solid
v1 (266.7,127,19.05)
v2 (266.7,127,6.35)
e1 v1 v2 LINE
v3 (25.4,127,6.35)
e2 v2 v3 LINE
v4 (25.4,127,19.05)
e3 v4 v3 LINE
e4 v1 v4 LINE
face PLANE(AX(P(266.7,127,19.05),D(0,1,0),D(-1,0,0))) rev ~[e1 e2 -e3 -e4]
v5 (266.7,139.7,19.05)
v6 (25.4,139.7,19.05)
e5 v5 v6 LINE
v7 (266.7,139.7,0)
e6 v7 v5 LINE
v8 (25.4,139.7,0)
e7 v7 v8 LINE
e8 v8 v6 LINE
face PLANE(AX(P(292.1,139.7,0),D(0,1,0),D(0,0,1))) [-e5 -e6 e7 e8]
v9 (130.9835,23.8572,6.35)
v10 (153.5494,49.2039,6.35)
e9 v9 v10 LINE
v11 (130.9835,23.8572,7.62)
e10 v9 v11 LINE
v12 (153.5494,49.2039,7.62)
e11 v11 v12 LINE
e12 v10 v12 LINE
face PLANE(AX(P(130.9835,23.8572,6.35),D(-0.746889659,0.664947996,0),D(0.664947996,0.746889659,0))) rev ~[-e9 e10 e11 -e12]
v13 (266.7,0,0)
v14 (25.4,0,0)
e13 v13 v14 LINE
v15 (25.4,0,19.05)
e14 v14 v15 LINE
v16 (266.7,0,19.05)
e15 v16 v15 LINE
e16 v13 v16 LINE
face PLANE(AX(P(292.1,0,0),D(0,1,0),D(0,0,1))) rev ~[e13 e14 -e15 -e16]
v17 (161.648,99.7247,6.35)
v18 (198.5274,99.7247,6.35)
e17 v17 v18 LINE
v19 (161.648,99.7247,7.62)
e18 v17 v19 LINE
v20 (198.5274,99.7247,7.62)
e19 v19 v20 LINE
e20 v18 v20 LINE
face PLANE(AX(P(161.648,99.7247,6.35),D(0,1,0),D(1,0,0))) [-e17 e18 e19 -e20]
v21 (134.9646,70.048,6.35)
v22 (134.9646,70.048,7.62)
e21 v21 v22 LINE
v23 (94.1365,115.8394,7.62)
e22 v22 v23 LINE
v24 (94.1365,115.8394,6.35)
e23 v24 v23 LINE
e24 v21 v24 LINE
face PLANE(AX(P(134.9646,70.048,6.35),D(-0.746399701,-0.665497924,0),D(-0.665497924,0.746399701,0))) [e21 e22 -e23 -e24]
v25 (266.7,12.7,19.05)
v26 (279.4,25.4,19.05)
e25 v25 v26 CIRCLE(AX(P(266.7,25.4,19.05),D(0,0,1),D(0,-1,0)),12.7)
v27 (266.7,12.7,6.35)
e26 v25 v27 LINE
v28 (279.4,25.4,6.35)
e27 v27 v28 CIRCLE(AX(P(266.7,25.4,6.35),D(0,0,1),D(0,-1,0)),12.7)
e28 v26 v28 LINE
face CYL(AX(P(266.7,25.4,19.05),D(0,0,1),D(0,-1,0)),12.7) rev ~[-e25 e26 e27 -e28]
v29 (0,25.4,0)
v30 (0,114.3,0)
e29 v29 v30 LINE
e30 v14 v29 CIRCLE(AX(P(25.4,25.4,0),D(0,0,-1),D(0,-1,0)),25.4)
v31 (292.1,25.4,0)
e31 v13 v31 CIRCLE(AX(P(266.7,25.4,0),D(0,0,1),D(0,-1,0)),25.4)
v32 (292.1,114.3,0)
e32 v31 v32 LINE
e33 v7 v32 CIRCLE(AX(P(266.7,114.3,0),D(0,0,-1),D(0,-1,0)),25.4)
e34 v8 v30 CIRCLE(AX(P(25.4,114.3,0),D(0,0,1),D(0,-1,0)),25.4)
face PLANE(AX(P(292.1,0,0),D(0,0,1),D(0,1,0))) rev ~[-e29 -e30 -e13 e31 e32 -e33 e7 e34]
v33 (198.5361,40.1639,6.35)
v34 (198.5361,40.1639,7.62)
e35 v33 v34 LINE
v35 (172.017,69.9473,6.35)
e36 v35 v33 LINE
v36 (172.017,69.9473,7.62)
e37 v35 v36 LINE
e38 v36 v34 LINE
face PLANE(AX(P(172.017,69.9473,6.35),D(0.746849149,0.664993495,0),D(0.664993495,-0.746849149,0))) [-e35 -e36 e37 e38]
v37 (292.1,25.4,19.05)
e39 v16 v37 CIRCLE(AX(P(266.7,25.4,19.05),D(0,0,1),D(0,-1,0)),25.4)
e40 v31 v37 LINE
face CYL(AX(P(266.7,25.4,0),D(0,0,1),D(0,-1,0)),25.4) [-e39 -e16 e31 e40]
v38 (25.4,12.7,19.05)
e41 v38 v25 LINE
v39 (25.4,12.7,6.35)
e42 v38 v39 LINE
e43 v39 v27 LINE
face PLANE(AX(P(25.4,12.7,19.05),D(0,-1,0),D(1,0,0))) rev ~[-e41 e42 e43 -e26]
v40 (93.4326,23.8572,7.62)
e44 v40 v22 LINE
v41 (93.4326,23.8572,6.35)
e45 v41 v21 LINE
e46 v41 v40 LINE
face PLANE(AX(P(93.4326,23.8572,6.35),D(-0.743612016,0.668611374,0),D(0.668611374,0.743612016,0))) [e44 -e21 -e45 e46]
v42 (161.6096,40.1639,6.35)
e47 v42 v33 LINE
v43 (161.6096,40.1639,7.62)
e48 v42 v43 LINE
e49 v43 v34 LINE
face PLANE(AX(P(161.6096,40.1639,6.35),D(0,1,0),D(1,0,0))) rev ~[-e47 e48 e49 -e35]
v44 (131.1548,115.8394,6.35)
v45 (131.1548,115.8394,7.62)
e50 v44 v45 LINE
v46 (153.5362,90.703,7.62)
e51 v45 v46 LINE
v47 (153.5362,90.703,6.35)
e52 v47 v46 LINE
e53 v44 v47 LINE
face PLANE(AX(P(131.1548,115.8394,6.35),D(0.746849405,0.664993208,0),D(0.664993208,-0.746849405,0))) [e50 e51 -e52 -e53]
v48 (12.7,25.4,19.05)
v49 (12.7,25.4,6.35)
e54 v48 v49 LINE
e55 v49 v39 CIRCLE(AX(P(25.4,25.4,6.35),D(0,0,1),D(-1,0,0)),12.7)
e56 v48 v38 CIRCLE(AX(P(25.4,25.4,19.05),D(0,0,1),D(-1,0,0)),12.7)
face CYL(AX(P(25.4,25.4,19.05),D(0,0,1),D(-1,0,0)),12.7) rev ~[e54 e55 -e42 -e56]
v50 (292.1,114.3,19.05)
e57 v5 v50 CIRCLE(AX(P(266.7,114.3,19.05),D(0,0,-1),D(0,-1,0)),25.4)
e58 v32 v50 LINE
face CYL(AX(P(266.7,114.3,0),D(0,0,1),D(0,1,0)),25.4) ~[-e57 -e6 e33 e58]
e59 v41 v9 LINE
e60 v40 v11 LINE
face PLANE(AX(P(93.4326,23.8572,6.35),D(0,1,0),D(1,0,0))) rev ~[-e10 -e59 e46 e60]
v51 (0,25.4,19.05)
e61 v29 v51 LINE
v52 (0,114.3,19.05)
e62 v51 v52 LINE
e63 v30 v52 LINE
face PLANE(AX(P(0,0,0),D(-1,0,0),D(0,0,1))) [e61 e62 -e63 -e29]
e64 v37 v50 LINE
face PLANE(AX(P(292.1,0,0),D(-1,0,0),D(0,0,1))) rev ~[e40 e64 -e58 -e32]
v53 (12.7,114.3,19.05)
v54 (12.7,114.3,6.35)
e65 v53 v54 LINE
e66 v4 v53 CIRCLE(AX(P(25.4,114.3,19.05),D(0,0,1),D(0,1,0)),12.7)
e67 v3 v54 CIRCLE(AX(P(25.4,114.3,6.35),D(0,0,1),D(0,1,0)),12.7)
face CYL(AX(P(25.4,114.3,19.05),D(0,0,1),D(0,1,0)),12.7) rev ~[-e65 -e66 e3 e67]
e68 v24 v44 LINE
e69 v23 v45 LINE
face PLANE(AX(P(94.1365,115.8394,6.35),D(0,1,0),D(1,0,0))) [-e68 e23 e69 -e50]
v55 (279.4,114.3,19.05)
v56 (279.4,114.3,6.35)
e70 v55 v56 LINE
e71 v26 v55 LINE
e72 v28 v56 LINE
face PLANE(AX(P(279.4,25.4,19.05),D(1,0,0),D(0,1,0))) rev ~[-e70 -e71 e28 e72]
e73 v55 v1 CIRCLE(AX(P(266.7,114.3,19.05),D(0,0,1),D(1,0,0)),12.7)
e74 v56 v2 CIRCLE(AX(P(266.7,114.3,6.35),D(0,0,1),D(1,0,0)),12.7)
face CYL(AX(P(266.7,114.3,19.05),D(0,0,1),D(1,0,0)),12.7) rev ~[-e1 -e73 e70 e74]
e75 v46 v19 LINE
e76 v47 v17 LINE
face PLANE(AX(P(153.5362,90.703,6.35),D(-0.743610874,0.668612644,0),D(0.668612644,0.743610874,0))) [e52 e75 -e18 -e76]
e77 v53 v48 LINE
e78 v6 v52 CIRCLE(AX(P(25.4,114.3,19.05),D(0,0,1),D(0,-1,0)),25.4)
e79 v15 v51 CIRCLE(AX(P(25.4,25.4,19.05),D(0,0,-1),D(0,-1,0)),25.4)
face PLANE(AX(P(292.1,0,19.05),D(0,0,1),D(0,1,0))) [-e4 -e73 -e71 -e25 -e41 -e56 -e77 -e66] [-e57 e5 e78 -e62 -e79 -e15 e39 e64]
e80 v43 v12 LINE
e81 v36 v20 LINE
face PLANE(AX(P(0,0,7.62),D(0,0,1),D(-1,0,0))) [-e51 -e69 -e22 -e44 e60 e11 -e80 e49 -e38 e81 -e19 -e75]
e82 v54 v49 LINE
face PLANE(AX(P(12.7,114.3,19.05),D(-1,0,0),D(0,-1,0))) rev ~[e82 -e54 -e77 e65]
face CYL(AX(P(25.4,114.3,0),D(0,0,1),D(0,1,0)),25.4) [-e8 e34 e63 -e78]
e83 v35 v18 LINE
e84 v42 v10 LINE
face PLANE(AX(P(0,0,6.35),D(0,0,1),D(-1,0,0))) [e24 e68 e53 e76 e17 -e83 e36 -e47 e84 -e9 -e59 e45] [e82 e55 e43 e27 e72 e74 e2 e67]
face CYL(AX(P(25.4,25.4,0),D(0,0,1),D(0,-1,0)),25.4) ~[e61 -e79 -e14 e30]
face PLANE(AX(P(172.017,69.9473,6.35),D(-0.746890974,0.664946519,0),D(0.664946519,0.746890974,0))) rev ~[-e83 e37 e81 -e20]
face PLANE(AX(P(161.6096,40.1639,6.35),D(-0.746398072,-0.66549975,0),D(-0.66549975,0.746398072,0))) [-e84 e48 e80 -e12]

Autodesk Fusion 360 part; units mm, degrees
box "BoxPrimitive1" add length 139.7 width 292.1 height 19.05 placed x (0, 1, 0) y (-1, 0, 0) z (0, 0, 1) at (292.1, 0, 0)
fillet "Fillet1" radius 25.4 4 edges at (0, 0, 9.525) (0, 139.7, 9.525) (292.1, 0, 9.525) (292.1, 139.7, 9.525)
sketch "Sketch2" plane through (0, 0, 19.05) normal (0, 0, 1) x (-1, 0, 0)
  arc A0 (-292.1, -114.3) -> (-266.7, -139.7) centre (-266.7, -114.3) ccw
  line L0 (-266.7, -139.7) -> (-25.4, -139.7)
  arc A1 (-25.4, -139.7) -> (0, -114.3) centre (-25.4, -114.3) ccw
  line L1 (0, -114.3) -> (0, -25.4)
  arc A2 (0, -25.4) -> (-25.4, 0) centre (-25.4, -25.4) ccw
  line L2 (-25.4, 0) -> (-266.7, 0)
  arc A3 (-266.7, 0) -> (-292.1, -25.4) centre (-266.7, -25.4) ccw
  line L3 (-292.1, -25.4) -> (-292.1, -114.3)
  line L4 (-12.7, -114.3) -> (-12.7, -25.4)
  arc A4 (-12.7, -25.4) -> (-25.4, -12.7) centre (-25.4, -25.4) ccw
  line L5 (-25.4, -12.7) -> (-266.7, -12.7)
  arc A5 (-266.7, -12.7) -> (-279.4, -25.4) centre (-266.7, -25.4) ccw
  line L6 (-279.4, -25.4) -> (-279.4, -114.3)
  arc A6 (-279.4, -114.3) -> (-266.7, -127) centre (-266.7, -114.3) ccw
  line L7 (-266.7, -127) -> (-25.4, -127)
  arc A7 (-25.4, -127) -> (-12.7, -114.3) centre (-25.4, -114.3) ccw
  point P0 (-292.1, 0)
  point P1 (0, -139.7)
extrude "Extrude1" cut sketch "Sketch2" against normal blind 12.7 contours L4 A4 L5 A5 L6 A6 L7 A7
sketch "Sketch3" plane through (0, 0, 6.35) normal (0, 0, 1) x (-1, 0, 0)
  arc A0 (-25.4, -127) -> (-12.7, -114.3) centre (-25.4, -114.3) ccw
  line L0 (-12.7, -114.3) -> (-12.7, -25.4)
  arc A1 (-12.7, -25.4) -> (-25.4, -12.7) centre (-25.4, -25.4) ccw
  line L1 (-25.4, -12.7) -> (-266.7, -12.7)
  arc A2 (-266.7, -12.7) -> (-279.4, -25.4) centre (-266.7, -25.4) ccw
  line L2 (-279.4, -25.4) -> (-279.4, -114.3)
  arc A3 (-279.4, -114.3) -> (-266.7, -127) centre (-266.7, -114.3) ccw
  line L3 (-266.7, -127) -> (-25.4, -127)
  line L4 (-94.1365, -115.8394) -> (-131.1548, -115.8394)
  line L5 (-161.648, -99.7247) -> (-198.5274, -99.7247)
  line L6 (-161.6096, -40.1639) -> (-198.5361, -40.1639)
  line L7 (-93.4326, -23.8572) -> (-130.9835, -23.8572)
  line L8 (-93.4326, -23.8572) -> (-134.9646, -70.048)
  line L9 (-153.5362, -90.703) -> (-161.648, -99.7247)
  line L10 (-161.6096, -40.1639) -> (-153.5494, -49.2039)
  line L11 (-134.9646, -70.048) -> (-94.1365, -115.8394)
  line L12 (-130.9835, -23.8572) -> (-153.5494, -49.2039)
  line L13 (-172.017, -69.9473) -> (-198.5274, -99.7247)
  line L14 (-131.1548, -115.8394) -> (-153.5362, -90.703)
  line L15 (-172.017, -69.9473) -> (-198.5361, -40.1639)
extrude "Extrude2" add sketch "Sketch3" along normal blind 1.27 contours L4 L5 L6 L7 L8 L9 L10 L11 L12 L13 L14 L15
